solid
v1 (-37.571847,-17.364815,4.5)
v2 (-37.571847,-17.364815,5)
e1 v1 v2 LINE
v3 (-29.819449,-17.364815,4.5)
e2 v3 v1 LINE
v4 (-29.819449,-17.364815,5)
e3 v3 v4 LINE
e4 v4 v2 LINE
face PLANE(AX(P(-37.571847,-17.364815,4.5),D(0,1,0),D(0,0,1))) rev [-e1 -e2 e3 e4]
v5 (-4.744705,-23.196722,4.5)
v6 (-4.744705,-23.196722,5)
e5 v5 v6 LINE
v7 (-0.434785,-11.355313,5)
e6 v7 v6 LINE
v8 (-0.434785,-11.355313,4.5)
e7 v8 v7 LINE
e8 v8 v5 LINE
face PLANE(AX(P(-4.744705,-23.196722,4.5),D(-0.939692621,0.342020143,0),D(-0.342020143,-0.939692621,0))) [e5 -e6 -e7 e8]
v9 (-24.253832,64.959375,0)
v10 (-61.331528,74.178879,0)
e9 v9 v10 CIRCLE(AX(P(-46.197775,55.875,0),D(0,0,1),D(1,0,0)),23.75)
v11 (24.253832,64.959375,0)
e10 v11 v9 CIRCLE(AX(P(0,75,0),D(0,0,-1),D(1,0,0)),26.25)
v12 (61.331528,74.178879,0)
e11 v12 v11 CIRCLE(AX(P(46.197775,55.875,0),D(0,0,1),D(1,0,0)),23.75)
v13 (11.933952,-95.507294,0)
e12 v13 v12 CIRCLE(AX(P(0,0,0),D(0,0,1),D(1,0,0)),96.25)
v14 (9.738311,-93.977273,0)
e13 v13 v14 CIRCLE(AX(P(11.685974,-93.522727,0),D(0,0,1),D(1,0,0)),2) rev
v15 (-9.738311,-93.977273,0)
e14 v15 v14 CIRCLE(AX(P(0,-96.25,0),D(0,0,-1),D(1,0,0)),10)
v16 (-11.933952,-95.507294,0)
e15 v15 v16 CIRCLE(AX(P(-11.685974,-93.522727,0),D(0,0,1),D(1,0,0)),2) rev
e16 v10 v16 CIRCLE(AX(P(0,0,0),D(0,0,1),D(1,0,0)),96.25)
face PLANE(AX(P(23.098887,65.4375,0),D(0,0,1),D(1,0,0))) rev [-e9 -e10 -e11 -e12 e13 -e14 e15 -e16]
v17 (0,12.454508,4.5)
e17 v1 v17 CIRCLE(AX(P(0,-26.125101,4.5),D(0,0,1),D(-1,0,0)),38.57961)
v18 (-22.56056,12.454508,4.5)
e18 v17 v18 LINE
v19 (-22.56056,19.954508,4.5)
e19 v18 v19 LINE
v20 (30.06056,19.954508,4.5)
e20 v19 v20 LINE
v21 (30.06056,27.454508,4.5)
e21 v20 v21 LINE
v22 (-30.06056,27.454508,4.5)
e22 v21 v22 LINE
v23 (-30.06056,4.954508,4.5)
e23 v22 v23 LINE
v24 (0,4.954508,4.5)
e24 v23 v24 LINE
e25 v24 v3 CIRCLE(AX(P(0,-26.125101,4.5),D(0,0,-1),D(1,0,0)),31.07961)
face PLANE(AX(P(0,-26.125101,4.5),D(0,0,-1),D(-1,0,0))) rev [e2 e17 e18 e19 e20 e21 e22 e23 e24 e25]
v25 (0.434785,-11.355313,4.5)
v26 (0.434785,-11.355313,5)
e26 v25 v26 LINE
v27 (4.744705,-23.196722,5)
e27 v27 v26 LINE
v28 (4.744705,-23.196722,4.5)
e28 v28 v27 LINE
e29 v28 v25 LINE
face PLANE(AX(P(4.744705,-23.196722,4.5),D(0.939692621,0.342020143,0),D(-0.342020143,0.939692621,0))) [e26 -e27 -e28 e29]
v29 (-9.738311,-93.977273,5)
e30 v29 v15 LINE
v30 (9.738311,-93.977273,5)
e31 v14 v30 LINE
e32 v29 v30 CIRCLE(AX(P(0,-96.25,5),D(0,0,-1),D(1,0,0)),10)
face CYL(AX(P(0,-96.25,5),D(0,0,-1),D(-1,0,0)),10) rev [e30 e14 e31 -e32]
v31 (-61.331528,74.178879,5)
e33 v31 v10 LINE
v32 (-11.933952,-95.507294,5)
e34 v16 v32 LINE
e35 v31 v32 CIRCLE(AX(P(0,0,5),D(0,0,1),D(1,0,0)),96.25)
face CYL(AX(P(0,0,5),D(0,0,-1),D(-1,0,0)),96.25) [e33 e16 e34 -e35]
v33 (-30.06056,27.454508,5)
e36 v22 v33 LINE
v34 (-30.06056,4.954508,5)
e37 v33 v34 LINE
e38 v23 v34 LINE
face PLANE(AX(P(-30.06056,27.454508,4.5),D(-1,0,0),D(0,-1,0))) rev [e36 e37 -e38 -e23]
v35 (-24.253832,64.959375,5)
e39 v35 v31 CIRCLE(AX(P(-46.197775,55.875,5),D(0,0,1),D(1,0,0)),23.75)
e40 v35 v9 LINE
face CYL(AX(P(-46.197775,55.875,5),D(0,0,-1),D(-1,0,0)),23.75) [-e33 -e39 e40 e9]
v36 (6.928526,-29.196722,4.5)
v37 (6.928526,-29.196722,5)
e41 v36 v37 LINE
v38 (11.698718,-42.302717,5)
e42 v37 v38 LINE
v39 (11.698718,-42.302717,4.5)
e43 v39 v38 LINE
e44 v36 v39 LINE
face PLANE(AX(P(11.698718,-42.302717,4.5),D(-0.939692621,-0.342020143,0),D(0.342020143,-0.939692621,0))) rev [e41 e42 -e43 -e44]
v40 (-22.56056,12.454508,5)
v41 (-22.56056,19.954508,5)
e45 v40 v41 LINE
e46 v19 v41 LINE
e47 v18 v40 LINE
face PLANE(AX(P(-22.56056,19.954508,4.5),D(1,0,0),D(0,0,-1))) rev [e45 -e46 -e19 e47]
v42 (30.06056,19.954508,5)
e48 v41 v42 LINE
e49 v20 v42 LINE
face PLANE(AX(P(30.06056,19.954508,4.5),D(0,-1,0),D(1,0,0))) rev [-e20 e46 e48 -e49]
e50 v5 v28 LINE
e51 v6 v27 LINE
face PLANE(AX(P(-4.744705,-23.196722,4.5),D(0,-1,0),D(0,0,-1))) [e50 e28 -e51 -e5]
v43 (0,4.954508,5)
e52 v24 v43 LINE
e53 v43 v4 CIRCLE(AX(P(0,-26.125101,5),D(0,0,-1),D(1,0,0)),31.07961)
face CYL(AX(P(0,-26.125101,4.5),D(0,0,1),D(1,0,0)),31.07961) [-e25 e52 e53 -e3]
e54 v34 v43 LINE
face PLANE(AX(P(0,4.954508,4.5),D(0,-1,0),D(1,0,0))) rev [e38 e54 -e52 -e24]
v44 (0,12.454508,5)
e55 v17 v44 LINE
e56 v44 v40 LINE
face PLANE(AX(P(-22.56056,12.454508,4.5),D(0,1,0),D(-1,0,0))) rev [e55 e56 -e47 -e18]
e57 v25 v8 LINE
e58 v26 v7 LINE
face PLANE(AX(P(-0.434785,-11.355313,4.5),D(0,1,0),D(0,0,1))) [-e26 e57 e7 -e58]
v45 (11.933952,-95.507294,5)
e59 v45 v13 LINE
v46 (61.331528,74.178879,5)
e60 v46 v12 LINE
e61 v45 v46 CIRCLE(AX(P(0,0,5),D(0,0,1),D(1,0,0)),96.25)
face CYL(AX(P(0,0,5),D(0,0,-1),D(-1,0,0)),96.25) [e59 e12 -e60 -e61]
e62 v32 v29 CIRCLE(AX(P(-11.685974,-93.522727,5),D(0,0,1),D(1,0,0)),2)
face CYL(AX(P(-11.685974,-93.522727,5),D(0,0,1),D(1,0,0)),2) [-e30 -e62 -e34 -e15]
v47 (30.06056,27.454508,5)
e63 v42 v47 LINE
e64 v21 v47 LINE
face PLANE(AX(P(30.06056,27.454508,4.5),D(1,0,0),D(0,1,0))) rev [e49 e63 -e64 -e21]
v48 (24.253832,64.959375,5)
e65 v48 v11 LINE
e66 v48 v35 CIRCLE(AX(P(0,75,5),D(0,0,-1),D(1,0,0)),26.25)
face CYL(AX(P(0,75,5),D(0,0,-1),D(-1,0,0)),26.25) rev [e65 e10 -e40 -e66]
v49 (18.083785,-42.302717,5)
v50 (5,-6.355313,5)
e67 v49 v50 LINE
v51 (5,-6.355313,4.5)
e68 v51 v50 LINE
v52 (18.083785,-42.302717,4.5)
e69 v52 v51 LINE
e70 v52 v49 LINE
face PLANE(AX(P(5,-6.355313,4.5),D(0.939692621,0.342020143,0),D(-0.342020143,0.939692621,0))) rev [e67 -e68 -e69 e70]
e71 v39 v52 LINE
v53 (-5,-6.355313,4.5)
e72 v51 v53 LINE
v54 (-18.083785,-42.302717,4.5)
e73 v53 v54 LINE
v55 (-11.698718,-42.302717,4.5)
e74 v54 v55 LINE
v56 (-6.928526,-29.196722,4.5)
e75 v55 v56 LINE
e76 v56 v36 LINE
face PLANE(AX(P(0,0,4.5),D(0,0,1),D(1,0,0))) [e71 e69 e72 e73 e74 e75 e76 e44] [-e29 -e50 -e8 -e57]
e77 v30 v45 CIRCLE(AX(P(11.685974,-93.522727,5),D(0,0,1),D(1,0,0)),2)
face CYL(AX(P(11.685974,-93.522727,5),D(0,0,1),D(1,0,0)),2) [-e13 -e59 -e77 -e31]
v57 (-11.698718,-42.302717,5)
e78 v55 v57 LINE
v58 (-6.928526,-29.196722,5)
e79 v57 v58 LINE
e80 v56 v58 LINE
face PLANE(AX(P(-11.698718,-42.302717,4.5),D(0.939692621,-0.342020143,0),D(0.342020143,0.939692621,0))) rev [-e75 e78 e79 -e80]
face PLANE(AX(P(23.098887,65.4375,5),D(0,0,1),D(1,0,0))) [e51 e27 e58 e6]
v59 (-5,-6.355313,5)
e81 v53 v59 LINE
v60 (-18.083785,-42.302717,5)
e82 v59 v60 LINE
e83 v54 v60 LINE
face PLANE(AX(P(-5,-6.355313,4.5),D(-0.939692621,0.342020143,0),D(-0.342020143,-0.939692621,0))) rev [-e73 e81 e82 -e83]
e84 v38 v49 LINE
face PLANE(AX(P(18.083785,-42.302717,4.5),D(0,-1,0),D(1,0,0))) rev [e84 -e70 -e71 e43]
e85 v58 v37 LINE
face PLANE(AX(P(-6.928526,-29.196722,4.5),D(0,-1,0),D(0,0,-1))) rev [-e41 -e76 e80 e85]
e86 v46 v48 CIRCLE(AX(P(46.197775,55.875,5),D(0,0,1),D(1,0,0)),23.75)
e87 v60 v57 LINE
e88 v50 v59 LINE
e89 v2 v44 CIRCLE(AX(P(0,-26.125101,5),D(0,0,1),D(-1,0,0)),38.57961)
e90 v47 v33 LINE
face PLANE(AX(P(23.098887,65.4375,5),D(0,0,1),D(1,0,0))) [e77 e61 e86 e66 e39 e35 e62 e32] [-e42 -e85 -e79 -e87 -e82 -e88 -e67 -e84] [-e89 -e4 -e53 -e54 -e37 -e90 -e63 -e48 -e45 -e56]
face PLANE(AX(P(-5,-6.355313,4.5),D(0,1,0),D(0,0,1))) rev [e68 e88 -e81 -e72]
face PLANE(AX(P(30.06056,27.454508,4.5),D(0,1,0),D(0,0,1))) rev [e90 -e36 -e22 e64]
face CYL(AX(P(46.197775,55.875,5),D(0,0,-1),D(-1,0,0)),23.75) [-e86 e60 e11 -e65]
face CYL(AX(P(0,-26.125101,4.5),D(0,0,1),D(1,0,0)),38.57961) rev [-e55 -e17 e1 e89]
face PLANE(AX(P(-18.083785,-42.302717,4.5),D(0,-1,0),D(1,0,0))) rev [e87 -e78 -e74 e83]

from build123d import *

# Parameters (mm, degrees)
SALIENTE_EXTRUIR1_DEPTH = 5
CORTAR_EXTRUIR1_DEPTH   = 0.5
REDONDEO1_R             = 2
REDONDEO2_R             = 2


with BuildPart() as part:
    # Croquis2 → Saliente-Extruir1 (new body)
    with BuildSketch(Plane.XY):
        with BuildLine():
            ThreePointArc((-61.331528305, 74.17887931), (-92.135043085, -27.842347885), (-9.986497884, -95.730519481))
            ThreePointArc((-9.986497884, -95.730519481), (0, -86.25), (9.986497884, -95.730519481))
            ThreePointArc((9.986497884, -95.730519481), (92.135043085, -27.842347885), (61.331528305, 74.17887931))
            ThreePointArc((61.331528305, 74.17887931), (40.466763827, 78.9231673), (24.253831648, 64.959375))
            ThreePointArc((24.253831648, 64.959375), (0, 48.75), (-24.253831648, 64.959375))
            ThreePointArc((-24.253831648, 64.959375), (-40.466763827, 78.9231673), (-61.331528305, 74.17887931))
        make_face()
    extrude(amount=SALIENTE_EXTRUIR1_DEPTH)

    # Croquis3 → Cortar-Extruir1 (cut)
    # profile 1 of 2: a face of its own
    with BuildSketch(Plane.XY.offset(5)):
        with BuildLine():
            Line((30.060560178, 27.454508154), (-30.060560178, 27.454508154))
            Line((-30.060560178, 27.454508154), (-30.060560178, 4.954508154))
            Line((-30.060560178, 4.954508154), (0, 4.954508154))
            ThreePointArc((0, 4.954508154), (18.623585271, -51.006906249), (-29.81944868, -17.364815175))
            Line((-29.81944868, -17.364815175), (-37.571846699, -17.364815175))
            ThreePointArc((-37.571846699, -17.364815175), (23.983513651, -56.343925991), (0, 12.454508154))
            Line((0, 12.454508154), (-22.560560178, 12.454508154))
            Line((-22.560560178, 12.454508154), (-22.560560178, 19.954508154))
            Line((-22.560560178, 19.954508154), (30.060560178, 19.954508154))
            Line((30.060560178, 19.954508154), (30.060560178, 27.454508154))
        make_face()
    # profile 2 of 2: a face of its own
    with BuildSketch(Plane.XY.offset(5)):
        Polygon((-5, -6.355312768), (5, -6.355312768), (18.083784961, -42.302716508), (11.698718326, -42.302716508), (6.928526472, -29.196722105), (-6.928526472, -29.196722105), (-11.698718326, -42.302716508), (-18.083784961, -42.302716508), align=None)
        Polygon((-4.744705067, -23.196722105), (4.744705067, -23.196722105), (0.434784536, -11.355312768), (-0.434784536, -11.355312768), align=None, mode=Mode.SUBTRACT)
    extrude(amount=-CORTAR_EXTRUIR1_DEPTH, mode=Mode.SUBTRACT)

    # Redondeo1
    redondeo1_edges = [part.edges().sort_by_distance(p)[0] for p in [
        (-9.986497884, -95.730519481, 2.5),
    ]]
    fillet(redondeo1_edges, radius=REDONDEO1_R)

    # Redondeo2
    redondeo2_edges = [part.edges().sort_by_distance(p)[0] for p in [
        (9.986497884, -95.730519481, 2.5),
    ]]
    fillet(redondeo2_edges, radius=REDONDEO2_R)


solid = part.part
